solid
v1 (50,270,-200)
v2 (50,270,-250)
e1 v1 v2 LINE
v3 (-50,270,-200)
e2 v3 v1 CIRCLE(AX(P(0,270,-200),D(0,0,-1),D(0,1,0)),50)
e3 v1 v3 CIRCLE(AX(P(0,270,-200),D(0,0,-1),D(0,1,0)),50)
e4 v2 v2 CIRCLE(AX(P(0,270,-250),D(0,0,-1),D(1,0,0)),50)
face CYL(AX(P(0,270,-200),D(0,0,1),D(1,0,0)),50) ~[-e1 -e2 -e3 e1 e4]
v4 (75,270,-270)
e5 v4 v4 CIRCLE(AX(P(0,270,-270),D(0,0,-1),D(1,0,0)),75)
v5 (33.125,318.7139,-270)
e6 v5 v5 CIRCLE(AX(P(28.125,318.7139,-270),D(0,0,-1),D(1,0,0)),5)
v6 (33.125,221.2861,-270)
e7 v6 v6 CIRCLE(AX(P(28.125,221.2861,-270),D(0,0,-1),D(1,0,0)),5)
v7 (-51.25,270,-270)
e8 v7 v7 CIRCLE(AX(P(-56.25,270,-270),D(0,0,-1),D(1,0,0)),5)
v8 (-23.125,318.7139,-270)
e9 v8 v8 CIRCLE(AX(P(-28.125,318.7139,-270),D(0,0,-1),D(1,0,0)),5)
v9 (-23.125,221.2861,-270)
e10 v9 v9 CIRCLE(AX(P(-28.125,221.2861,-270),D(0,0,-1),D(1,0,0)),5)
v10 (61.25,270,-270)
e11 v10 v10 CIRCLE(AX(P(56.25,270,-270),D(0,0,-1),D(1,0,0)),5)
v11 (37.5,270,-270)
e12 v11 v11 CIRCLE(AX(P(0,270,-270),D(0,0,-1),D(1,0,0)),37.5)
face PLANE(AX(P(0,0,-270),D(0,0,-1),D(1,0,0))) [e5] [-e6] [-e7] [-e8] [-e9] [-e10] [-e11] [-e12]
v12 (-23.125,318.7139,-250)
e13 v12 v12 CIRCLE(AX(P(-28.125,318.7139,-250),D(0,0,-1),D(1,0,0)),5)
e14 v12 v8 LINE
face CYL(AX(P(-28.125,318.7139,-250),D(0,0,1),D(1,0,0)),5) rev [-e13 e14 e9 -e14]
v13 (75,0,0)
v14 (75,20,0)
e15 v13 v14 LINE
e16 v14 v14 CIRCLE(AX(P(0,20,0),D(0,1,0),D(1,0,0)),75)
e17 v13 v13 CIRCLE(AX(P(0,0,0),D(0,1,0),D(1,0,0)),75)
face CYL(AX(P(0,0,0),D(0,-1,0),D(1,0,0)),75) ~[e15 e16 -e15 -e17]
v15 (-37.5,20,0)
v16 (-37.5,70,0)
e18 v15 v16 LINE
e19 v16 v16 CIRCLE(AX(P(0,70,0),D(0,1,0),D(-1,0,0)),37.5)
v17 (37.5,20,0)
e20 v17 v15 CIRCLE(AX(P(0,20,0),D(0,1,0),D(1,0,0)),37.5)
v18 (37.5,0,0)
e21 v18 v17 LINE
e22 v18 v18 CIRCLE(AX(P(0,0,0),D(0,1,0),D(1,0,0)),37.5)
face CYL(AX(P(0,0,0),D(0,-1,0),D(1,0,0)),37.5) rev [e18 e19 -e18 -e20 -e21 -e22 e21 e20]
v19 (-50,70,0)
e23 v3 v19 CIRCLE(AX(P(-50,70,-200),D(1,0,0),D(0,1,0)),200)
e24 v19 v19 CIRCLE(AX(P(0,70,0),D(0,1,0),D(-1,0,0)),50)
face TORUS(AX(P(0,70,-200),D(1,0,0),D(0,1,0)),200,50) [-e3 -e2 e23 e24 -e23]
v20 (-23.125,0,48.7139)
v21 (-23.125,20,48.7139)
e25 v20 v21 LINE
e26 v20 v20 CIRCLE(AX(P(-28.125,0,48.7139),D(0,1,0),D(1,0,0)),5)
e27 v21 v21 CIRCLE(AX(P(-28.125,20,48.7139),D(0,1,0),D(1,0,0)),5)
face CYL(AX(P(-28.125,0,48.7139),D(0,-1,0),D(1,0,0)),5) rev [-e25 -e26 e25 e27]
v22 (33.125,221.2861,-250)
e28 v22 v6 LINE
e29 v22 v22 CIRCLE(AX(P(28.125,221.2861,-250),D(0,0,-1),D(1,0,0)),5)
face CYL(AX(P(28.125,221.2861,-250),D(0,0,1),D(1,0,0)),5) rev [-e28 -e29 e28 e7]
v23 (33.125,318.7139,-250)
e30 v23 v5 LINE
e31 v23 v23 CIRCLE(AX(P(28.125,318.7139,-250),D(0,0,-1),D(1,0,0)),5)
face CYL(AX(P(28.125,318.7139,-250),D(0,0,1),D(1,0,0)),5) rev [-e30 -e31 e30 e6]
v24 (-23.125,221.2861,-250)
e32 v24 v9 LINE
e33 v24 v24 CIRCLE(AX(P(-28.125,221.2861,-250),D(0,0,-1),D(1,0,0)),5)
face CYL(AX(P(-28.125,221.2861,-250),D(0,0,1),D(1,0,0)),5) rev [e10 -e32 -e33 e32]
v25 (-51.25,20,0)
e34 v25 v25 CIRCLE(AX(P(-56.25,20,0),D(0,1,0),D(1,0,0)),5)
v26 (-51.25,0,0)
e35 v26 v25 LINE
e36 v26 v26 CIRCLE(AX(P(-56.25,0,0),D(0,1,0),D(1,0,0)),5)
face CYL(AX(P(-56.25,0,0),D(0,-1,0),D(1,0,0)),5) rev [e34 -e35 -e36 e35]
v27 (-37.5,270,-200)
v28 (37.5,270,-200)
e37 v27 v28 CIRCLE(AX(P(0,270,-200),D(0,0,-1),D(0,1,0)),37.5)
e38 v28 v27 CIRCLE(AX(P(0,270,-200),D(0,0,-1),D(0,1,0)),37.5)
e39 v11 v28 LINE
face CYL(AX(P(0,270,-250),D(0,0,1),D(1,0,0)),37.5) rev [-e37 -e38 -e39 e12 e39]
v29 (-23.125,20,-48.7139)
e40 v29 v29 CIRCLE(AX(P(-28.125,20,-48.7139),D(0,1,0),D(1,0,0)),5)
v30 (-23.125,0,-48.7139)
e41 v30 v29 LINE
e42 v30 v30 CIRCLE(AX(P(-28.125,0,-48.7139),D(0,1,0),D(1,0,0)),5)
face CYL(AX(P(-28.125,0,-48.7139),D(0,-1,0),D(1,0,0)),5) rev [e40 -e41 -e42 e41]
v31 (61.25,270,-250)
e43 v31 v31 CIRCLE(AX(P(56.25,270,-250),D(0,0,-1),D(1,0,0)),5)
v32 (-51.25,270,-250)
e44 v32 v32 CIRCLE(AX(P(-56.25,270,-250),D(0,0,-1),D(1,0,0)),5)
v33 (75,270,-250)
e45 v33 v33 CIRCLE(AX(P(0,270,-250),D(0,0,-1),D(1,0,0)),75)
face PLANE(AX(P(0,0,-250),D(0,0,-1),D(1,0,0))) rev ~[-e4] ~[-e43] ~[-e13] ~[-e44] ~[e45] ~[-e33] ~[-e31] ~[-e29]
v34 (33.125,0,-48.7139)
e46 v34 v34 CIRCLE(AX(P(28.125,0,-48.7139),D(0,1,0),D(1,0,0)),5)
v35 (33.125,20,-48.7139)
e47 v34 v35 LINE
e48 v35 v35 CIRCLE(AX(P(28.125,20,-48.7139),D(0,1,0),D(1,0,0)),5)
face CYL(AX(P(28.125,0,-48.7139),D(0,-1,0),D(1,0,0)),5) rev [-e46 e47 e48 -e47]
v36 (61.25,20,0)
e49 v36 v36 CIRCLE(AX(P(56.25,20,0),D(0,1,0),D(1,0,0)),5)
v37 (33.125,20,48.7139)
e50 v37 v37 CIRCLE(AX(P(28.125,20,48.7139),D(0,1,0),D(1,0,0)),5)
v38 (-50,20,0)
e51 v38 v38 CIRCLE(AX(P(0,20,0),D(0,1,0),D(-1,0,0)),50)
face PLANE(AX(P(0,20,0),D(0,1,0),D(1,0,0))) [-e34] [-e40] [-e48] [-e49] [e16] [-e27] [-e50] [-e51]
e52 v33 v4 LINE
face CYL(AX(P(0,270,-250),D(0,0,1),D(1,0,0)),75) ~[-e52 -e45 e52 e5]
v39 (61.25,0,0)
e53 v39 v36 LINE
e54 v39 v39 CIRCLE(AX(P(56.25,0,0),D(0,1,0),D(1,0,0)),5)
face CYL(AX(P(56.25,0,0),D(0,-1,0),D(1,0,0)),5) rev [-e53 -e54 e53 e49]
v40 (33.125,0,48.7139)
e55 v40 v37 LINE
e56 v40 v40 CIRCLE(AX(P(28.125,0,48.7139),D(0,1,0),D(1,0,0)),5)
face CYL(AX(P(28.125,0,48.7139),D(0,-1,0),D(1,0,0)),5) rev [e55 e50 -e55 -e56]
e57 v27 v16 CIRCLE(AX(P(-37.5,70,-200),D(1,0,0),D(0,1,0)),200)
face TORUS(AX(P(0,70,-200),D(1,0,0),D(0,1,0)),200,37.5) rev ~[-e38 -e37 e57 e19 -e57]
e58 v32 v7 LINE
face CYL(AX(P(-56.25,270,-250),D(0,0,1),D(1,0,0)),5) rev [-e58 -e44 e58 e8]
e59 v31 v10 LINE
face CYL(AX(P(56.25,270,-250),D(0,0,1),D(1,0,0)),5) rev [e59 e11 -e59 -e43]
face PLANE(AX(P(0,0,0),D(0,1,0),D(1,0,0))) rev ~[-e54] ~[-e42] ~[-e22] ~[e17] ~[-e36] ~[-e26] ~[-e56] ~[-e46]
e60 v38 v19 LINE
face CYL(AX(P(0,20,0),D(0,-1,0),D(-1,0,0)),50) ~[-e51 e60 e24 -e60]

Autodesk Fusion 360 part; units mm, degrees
sketch "Sketch1" plane through (0, 0, 0) normal (0, 1, 0) x (1, 0, 0)
  circle A0 centre (0, 0) radius 37.5
  circle A1 centre (0, 0) radius 75
  line L0 (-75, 0) -> (-37.5, 0) construction
  circle A2 centre (-56.25, 0) radius 5
  line L1 (0, -75) -> (0, 75) construction
  circle A3 centre (56.25, 0) radius 5
  circle A4 centre (28.125, 48.7139) radius 5
  circle A5 centre (-28.125, 48.7139) radius 5
  circle A6 centre (-56.25, 0) radius 5
  circle A7 centre (-28.125, -48.7139) radius 5
  circle A8 centre (28.125, -48.7139) radius 5
  dimension "d1" = 75
  dimension "d2" = 150
  dimension "d3" = 10
  dimension "d5" = 360
extrude "Extrude1" add sketch "Sketch1" along normal blind 20
sketch "Sketch2" plane through (0, 0, 0) normal (0, 0, 1) x (1, 0, 0)
  line L0 (75, 20) -> (-75, 20)
  line L1 (-75, 0) -> (-75, 20)
  line L2 (75, 0) -> (-75, 0)
  line L3 (75, 0) -> (75, 20)
  line L4 (-50, 20) -> (50, 20)
  line L5 (-50, 20) -> (-50, 70)
  line L6 (50, 20) -> (50, 70)
  point P0 (0, 20)
  dimension "d8" = 100
  dimension "d9" = 50
sketch "Sketch3" plane through (0, 20, 0) normal (0, 1, 0) x (-1, 0, 0)
  circle A0 centre (28.125, 48.7139) radius 5
  circle A1 centre (-28.125, 48.7139) radius 5
  circle A2 centre (56.25, 0) radius 5
  circle A3 centre (0, 0) radius 37.5
  circle A4 centre (28.125, -48.7139) radius 5
  circle A5 centre (-56.25, 0) radius 5
  circle A6 centre (-28.125, -48.7139) radius 5
  circle A7 centre (0, 0) radius 75
  circle A8 centre (0, 0) radius 50
  dimension "d10" = 100
extrude "Extrude2" add sketch "Sketch3" along normal blind 50 contours A8
sketch "Sketch4" plane through (0, 70, 0) normal (0, 1, 0) x (-1, 0, 0)
  circle A0 centre (0, 0) radius 37.5
  circle A1 centre (0, 0) radius 50
sketch "Sketch5" plane through (0, 0, 0) normal (1, 0, 0) x (0, 1, 0)
  line L0 (70, -50) -> (70, 50)
  line L1 (20, 50) -> (70, 50)
  line L2 (20, 50) -> (20, 75)
  line L3 (0, 75) -> (20, 75)
  line L4 (0, 0) -> (0, 75)
  line L5 (0, -75) -> (0, 0)
  line L6 (0, -75) -> (20, -75)
  line L7 (20, -75) -> (20, -50)
  line L8 (20, -50) -> (70, -50)
  arc A0 (270, -200) -> (70, 0) centre (70, -200) ccw construction
  line L9 (20, 0) -> (70, 0)
  dimension "d13" = 200
sweep "Sweep1" add profiles "Sketch4" path "Sketch5" along A0 section 1
sketch "Sketch6" plane through (0, 0, -200) normal (0, 0, -1) x (1, 0, 0)
  circle A0 centre (0, -270) radius 37.5
  circle A1 centre (0, -270) radius 50
sketch "Sketch7" plane through (0, 0, 0) normal (0, 1, 0) x (1, 0, 0)
extrude "Extrude3" add sketch "Sketch6" along normal blind 50
sketch "Sketch8" plane through (0, 0, -250) normal (0, 0, -1) x (1, 0, 0)
  circle A0 centre (0, -270) radius 37.5
  circle A1 centre (0, -270) radius 50
  circle A2 centre (0, -270) radius 75
  line L0 (0, -270) -> (75, -270) construction
  circle A3 centre (56.25, -270) radius 5
  line L1 (0, -345) -> (0, -195) construction
  circle A4 centre (28.125, -221.2861) radius 5
  circle A5 centre (-28.125, -221.2861) radius 5
  circle A6 centre (-56.25, -270) radius 5
  circle A7 centre (-28.125, -318.7139) radius 5
  circle A8 centre (28.125, -318.7139) radius 5
  dimension "d23" = 150
  dimension "d24" = 10
  dimension "d25" = 56.25
  dimension "d27" = 360
extrude "Extrude4" add sketch "Sketch8" along normal blind 20 contours A1 | A2
